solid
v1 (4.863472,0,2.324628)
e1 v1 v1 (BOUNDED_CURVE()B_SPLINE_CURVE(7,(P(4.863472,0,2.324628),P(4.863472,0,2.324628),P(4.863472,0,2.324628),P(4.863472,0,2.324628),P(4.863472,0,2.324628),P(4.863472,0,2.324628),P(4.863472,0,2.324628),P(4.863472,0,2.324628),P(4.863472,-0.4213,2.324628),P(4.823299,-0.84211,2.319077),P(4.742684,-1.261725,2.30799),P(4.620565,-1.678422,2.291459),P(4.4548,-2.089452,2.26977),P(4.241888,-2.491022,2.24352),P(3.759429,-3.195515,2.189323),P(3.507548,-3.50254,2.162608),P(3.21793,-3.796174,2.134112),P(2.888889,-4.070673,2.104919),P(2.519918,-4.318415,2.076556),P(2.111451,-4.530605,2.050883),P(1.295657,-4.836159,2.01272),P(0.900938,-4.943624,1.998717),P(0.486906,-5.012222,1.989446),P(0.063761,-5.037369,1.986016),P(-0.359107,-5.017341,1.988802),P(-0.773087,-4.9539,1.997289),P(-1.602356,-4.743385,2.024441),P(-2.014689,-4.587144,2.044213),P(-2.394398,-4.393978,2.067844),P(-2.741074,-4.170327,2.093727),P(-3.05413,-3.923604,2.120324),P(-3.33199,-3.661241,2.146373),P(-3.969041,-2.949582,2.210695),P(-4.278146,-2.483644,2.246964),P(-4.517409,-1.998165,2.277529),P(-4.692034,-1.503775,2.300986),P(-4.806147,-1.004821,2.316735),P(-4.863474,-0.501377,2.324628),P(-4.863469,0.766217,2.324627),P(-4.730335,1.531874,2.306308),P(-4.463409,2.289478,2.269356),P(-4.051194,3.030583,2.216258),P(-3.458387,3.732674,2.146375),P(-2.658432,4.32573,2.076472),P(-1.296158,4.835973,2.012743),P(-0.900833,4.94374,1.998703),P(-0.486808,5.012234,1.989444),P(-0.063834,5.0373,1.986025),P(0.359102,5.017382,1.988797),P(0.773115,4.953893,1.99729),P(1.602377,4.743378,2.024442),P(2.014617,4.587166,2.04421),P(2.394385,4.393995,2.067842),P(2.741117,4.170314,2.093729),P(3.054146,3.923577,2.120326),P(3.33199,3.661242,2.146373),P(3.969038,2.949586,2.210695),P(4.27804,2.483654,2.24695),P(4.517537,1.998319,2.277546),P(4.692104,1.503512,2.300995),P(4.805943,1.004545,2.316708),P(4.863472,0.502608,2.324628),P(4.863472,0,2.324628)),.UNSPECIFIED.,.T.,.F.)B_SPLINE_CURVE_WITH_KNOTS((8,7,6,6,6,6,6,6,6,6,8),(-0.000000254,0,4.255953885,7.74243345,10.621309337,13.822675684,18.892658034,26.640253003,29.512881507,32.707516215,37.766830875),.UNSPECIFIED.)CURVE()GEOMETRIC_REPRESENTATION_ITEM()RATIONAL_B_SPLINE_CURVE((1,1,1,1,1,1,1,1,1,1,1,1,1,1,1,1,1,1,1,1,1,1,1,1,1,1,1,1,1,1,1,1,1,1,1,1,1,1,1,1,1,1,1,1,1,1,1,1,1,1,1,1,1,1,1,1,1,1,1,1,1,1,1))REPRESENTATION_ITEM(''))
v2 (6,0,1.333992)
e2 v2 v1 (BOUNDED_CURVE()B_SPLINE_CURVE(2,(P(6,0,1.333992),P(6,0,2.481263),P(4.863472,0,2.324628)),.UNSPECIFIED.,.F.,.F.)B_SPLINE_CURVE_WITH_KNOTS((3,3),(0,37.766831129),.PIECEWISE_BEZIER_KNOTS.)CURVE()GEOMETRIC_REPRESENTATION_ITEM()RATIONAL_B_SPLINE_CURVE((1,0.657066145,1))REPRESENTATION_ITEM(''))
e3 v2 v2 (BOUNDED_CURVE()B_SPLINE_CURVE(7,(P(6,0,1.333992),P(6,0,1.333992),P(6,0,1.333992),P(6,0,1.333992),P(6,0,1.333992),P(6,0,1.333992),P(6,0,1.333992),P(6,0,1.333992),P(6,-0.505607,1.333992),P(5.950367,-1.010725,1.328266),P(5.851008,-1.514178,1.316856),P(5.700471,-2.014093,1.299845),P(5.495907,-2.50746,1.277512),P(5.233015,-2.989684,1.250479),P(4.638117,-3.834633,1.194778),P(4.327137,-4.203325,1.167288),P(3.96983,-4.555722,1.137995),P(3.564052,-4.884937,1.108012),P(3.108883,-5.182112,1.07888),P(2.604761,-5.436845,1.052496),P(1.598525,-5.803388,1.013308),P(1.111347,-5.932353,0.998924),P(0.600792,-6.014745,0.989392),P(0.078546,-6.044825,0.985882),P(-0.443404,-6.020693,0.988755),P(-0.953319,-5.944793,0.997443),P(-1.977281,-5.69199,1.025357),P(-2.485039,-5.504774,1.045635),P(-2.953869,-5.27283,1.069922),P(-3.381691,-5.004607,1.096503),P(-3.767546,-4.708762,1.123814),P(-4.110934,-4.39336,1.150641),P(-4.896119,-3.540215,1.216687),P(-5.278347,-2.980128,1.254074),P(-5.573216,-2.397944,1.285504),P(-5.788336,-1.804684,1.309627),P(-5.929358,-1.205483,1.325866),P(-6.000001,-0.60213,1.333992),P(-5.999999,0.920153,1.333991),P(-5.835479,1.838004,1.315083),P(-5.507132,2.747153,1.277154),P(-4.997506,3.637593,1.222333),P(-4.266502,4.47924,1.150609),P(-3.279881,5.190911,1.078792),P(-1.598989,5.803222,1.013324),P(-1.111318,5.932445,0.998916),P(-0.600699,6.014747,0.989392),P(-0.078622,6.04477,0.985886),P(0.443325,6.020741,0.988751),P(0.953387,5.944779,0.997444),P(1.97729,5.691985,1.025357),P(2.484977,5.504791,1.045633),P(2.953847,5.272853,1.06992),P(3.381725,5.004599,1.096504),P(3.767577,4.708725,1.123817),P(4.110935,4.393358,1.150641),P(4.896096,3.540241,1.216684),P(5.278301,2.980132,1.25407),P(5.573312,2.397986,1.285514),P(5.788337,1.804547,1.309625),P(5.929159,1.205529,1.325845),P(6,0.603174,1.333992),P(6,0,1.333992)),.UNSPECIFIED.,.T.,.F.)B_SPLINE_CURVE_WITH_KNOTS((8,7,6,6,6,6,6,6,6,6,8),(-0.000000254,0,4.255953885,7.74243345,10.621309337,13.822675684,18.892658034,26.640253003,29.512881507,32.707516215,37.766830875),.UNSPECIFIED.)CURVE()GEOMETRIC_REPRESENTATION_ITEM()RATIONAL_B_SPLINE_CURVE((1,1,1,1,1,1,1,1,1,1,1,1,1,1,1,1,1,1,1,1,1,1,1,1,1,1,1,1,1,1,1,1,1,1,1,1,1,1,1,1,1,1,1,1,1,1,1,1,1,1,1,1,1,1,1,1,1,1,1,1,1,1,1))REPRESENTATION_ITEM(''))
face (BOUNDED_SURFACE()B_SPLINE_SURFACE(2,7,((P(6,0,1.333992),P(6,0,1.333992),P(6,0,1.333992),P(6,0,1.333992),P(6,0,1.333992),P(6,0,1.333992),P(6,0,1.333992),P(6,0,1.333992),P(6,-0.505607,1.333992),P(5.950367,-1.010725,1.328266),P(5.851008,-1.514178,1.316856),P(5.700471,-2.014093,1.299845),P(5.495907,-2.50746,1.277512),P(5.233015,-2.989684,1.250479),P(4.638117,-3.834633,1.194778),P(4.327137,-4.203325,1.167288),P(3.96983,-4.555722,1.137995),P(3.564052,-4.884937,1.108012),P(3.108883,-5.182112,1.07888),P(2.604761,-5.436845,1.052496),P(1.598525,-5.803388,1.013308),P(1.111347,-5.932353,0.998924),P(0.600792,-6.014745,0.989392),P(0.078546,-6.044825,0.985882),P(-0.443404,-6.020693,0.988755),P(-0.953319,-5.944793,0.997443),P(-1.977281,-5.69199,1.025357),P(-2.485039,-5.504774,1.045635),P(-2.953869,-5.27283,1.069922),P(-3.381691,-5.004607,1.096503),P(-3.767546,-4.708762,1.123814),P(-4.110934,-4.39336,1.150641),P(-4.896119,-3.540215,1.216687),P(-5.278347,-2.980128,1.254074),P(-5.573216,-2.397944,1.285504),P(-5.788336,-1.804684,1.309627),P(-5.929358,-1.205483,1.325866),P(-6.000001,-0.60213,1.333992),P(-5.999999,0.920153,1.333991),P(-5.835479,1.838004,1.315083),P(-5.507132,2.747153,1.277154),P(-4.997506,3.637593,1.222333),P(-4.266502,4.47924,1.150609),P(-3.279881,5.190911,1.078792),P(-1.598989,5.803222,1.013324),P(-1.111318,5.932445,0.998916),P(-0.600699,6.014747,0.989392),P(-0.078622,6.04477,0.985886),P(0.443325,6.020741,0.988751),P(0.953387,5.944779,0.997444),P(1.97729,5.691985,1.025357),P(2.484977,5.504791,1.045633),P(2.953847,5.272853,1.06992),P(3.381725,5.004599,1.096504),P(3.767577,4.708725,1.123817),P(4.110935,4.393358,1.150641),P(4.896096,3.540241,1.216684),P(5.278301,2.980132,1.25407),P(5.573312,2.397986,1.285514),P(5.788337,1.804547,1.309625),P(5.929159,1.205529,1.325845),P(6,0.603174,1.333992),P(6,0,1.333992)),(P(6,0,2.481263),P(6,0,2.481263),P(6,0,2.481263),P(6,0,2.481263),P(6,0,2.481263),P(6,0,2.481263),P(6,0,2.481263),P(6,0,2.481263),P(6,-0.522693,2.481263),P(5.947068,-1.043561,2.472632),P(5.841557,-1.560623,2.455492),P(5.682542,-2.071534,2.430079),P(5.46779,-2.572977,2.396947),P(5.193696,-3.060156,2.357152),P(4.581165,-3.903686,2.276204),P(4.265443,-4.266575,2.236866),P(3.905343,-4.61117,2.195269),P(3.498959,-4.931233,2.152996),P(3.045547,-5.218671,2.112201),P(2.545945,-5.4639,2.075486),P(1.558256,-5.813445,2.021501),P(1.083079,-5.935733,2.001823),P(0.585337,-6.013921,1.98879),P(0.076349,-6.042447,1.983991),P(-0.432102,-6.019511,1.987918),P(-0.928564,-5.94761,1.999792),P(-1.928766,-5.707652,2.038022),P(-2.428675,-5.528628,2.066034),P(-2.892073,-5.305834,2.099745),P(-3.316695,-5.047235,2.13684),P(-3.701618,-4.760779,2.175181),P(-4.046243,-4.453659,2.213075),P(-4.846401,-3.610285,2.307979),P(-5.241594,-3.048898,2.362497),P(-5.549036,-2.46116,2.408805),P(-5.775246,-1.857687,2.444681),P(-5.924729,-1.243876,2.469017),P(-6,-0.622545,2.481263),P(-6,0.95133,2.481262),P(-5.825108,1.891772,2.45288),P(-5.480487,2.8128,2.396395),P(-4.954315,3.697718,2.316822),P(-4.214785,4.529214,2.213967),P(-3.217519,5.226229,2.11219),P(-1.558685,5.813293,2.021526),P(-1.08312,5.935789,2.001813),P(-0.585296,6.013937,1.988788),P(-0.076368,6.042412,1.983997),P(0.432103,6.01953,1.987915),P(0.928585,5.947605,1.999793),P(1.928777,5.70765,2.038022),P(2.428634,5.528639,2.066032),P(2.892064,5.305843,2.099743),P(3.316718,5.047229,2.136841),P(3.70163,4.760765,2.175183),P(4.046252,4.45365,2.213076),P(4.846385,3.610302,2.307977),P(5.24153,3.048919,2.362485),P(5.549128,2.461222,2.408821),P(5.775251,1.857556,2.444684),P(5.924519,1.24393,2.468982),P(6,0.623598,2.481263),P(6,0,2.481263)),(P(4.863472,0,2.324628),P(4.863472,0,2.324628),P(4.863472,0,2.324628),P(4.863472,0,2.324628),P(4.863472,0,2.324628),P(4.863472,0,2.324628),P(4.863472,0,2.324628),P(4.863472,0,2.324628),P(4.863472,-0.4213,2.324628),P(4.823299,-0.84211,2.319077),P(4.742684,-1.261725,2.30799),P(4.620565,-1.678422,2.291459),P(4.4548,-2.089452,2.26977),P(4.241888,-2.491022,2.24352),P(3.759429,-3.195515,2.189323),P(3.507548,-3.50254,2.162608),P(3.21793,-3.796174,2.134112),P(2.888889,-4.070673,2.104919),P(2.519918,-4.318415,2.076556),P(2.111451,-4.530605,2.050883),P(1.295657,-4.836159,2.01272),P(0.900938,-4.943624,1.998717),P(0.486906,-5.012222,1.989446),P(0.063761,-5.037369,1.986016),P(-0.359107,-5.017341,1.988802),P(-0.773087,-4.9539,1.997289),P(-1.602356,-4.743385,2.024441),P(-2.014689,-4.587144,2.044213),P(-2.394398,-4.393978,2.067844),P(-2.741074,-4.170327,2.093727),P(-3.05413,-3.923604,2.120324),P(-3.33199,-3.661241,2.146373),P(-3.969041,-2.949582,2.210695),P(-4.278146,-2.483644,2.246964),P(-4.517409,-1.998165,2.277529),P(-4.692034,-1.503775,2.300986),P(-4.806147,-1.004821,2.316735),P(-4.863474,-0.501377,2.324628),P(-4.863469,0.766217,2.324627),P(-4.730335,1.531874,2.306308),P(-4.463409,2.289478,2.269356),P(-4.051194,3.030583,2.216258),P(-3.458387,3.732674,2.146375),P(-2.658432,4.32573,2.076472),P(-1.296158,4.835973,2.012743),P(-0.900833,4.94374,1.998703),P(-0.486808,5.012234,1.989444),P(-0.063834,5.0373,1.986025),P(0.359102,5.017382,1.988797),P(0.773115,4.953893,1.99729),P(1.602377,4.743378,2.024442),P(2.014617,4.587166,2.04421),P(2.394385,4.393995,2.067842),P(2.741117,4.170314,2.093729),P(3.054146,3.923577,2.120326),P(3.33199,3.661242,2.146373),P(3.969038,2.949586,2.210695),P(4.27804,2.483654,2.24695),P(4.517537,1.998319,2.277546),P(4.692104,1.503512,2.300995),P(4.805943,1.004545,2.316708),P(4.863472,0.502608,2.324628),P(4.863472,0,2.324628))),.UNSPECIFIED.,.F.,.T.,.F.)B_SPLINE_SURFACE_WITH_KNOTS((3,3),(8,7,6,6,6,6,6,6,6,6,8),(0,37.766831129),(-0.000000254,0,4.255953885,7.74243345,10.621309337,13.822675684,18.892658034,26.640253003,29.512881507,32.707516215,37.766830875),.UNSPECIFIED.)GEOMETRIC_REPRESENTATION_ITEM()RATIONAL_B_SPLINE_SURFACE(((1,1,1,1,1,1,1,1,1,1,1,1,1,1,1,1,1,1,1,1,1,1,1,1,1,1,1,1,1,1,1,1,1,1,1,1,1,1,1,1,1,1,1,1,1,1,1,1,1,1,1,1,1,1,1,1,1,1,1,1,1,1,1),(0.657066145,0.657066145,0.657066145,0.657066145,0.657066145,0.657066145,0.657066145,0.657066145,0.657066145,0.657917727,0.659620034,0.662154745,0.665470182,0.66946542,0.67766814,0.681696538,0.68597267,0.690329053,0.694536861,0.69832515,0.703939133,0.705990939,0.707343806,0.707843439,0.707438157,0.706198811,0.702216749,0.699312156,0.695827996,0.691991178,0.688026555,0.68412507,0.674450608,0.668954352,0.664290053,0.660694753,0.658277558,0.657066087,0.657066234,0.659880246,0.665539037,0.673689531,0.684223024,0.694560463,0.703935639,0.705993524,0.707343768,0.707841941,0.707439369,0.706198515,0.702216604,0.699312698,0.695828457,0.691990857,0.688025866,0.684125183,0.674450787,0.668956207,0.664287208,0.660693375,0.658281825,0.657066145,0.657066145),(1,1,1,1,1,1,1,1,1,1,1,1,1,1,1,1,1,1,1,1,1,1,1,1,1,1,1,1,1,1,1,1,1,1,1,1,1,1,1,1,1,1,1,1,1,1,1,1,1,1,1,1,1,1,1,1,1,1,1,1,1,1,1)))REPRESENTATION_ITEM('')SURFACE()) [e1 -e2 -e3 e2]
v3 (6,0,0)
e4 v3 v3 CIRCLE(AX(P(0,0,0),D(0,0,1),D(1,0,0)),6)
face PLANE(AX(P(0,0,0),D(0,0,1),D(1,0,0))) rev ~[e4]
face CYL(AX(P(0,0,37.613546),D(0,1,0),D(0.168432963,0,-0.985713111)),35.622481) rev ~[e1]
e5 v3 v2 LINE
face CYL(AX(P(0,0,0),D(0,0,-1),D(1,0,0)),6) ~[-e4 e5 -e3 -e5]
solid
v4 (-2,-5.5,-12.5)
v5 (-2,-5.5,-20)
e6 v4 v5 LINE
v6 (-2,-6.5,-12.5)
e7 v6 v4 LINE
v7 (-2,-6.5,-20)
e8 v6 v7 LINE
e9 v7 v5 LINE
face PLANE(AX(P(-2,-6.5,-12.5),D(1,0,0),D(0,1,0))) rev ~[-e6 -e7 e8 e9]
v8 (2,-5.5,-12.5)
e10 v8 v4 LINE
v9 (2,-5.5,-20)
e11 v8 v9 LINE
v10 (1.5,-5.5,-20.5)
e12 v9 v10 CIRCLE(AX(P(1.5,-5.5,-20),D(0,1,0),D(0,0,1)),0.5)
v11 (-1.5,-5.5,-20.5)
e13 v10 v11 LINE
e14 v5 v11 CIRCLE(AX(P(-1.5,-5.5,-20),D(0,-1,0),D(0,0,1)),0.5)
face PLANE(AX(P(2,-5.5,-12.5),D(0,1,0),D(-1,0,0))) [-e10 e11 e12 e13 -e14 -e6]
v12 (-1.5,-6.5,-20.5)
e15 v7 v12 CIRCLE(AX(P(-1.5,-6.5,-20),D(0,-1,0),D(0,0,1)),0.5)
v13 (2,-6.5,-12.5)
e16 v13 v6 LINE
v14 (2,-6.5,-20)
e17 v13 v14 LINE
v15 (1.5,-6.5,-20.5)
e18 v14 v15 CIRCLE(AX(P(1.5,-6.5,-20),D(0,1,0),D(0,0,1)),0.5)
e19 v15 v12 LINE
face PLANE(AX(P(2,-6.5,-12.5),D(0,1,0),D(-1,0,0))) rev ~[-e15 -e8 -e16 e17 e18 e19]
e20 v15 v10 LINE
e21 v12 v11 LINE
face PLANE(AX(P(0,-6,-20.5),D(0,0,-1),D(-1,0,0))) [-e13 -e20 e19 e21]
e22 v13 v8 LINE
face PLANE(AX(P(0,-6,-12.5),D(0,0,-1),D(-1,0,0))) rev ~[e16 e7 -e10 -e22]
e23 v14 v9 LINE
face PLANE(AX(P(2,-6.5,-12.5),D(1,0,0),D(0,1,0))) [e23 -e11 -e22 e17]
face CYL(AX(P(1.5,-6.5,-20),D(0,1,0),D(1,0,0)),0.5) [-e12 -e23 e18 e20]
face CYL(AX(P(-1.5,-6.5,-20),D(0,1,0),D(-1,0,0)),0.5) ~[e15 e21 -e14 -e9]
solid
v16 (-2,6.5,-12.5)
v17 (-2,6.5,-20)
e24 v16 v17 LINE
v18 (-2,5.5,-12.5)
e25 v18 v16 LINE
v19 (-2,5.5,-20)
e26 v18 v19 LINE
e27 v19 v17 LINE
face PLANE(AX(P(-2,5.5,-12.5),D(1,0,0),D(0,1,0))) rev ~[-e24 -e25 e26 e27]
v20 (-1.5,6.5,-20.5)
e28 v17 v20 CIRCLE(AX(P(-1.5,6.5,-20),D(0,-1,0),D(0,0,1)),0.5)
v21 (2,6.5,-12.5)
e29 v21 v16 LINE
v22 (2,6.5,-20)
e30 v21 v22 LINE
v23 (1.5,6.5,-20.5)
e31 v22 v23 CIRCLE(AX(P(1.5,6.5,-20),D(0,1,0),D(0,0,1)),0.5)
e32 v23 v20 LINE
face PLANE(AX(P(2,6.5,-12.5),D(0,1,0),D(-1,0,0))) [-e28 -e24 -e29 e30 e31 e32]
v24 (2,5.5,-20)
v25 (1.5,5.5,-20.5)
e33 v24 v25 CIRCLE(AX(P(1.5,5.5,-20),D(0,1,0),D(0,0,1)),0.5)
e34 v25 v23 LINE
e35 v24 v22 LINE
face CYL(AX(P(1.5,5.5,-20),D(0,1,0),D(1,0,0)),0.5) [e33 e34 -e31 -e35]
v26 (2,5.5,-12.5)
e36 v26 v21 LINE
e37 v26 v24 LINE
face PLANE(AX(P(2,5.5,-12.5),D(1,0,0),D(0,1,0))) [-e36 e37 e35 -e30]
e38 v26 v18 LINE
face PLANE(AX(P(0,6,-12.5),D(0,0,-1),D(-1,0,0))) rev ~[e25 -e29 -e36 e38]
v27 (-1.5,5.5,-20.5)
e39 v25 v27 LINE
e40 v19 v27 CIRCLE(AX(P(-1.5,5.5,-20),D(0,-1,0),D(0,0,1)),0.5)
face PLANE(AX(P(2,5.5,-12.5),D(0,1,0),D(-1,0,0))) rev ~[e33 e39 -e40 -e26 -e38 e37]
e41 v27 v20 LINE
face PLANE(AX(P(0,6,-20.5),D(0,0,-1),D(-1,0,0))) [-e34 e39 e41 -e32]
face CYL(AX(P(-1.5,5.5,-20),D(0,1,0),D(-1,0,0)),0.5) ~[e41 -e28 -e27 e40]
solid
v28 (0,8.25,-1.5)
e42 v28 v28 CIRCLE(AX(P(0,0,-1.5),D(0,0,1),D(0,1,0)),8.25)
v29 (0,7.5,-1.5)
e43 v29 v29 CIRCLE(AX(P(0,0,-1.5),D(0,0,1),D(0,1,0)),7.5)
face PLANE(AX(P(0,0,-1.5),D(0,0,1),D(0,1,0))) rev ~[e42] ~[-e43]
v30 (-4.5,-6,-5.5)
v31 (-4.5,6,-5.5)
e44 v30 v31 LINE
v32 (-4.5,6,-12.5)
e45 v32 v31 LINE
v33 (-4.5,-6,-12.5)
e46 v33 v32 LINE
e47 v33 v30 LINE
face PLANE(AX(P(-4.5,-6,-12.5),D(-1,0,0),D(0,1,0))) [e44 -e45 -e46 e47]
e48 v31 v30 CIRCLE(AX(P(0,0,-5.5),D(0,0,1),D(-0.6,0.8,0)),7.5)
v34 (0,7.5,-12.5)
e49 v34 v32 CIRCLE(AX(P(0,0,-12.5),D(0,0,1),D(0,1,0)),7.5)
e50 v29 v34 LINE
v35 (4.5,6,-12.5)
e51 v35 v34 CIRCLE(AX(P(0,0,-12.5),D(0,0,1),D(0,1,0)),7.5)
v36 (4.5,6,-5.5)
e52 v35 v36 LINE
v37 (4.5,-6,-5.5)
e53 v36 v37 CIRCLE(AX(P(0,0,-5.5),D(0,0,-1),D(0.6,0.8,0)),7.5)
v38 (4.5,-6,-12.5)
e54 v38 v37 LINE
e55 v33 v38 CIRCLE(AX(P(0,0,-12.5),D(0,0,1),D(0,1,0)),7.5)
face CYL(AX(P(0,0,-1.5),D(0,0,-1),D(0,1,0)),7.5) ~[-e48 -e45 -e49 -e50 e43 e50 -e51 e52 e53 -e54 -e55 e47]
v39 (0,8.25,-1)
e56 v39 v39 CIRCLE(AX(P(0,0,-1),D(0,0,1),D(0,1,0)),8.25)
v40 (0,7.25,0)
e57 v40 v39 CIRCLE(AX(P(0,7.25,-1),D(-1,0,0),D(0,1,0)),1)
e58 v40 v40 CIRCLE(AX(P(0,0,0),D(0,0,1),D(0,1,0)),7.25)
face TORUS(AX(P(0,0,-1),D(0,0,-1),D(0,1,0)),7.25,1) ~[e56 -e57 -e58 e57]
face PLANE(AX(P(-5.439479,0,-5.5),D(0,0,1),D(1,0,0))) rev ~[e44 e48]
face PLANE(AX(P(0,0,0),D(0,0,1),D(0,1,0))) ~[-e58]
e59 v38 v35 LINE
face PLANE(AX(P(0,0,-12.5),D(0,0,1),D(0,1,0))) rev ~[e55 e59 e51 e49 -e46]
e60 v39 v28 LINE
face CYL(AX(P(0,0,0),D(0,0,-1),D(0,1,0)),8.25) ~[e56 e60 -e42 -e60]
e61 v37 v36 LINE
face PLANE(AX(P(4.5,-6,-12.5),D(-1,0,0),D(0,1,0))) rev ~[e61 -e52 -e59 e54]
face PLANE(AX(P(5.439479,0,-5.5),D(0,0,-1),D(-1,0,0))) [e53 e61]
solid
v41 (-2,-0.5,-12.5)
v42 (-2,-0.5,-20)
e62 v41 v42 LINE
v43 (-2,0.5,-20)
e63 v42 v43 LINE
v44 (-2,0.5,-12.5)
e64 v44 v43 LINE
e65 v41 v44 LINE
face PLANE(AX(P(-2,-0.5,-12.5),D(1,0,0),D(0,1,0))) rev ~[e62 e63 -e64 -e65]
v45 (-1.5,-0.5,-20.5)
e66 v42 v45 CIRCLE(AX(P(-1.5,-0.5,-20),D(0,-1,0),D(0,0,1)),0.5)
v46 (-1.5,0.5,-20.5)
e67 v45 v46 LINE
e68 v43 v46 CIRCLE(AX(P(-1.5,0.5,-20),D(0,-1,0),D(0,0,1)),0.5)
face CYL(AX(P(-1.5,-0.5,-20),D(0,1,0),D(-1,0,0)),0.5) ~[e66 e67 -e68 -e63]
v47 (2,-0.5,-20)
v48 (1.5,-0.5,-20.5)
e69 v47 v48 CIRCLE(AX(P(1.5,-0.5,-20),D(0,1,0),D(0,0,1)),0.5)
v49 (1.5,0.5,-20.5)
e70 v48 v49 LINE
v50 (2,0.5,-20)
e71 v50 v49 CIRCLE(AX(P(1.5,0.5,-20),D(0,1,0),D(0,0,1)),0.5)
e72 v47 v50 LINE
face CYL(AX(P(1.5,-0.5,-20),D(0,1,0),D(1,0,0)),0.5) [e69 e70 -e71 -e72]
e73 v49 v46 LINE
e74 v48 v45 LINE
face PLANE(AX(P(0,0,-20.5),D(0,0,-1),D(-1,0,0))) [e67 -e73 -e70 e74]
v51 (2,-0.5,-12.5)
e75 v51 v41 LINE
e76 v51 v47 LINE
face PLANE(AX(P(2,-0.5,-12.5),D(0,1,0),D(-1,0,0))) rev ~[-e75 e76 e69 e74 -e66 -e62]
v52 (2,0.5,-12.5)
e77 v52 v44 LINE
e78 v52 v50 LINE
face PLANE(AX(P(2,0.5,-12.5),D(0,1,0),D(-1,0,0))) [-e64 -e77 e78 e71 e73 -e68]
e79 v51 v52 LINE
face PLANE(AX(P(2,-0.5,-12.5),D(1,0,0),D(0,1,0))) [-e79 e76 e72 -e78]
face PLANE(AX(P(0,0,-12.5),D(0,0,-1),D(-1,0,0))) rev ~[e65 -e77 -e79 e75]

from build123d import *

# Parameters (mm, degrees)
CUT_EXTRUDE_1_DEPTH = 7
SKETCH_3_R          = 6
EXTRUDE_1_DEPTH     = 2.5
CUT_EXTRUDE_2_DEPTH = 7.5
FILLET_1_R          = 1
FILLET_2_R          = 1
SKETCH_5_W          = 4
SKETCH_5_H          = 1
EXTRUDE_2_DEPTH     = 8
EXTRUDE_2_2_DEPTH   = 8
EXTRUDE_2_3_DEPTH   = 8
FILLET_3_R          = 0.5
FILLET_4_R          = 0.5
FILLET_5_R          = 0.5


with BuildPart() as part:
    # Эскиз1 → Повернуть1 (revolve)
    with BuildSketch(Plane(origin=(0, 0, 0), x_dir=(0, 0, -1), z_dir=(1, 0, 0))):
        Polygon((0, 0), (0, 8.25), (1.5, 8.25), (1.5, 7.5), (12.5, 7.5), (12.5, 0), align=None)
    revolve(axis=Axis((0, 0, -12.5), (0, 0, 1)))

    # Эскиз2 → Вырез-Вытянуть1 (cut)
    with BuildSketch(Plane(origin=(0, 0, -12.5), x_dir=(-1, 0, 0), z_dir=(0, 0, -1))):
        with BuildLine():
            Line((-4.5, -6), (-4.5, 6))
            ThreePointArc((-4.5, 6), (-7.5, 0), (-4.5, -6))
        make_face()
        with BuildLine():
            Line((4.5, -6), (4.5, 6))
            ThreePointArc((4.5, 6), (7.5, 0), (4.5, -6))
        make_face()
    extrude(amount=-CUT_EXTRUDE_1_DEPTH, mode=Mode.SUBTRACT)

    # Скругление2
    fillet_2_edges = [part.edges().sort_by_distance(p)[0] for p in [
        (0, -8.25, 0),
    ]]
    fillet(fillet_2_edges, radius=FILLET_2_R)


with BuildPart() as body_2:
    # Эскиз3 → Бобышка-Вытянуть1 (new body)
    with BuildSketch(Plane.XY):
        Circle(SKETCH_3_R)
    extrude(amount=EXTRUDE_1_DEPTH)

    # Эскиз4 → Вырез-Вытянуть2 (cut, symmetric)
    with BuildSketch(Plane(origin=(0, 0, 0), x_dir=(1, 0, 0), z_dir=(0, 1, 0))):
        with BuildLine():
            Line((-6, -2.5), (6, -2.5))
            ThreePointArc((6, -2.5), (0, -1.991065566), (-6, -2.5))
        make_face()
    extrude(amount=CUT_EXTRUDE_2_DEPTH, both=True, mode=Mode.SUBTRACT)

    # Скругление1
    fillet_1_edges = [body_2.edges().sort_by_distance(p)[0] for p in [
        (-6, 5.7e-07, 2.5),
    ]]
    fillet(fillet_1_edges, radius=FILLET_1_R)


with BuildPart() as body_3:
    # Эскиз5 → Бобышка-Вытянуть2 (new body)
    with BuildSketch(Plane(origin=(0, 0, -12.5), x_dir=(-1, 0, 0), z_dir=(0, 0, -1))):
        with Locations((0, 6)):
            Rectangle(SKETCH_5_W, SKETCH_5_H)
    extrude(amount=EXTRUDE_2_DEPTH)

    # Скругление5
    fillet_5_edges = [body_3.edges().sort_by_distance(p)[0] for p in [
        (-2, 6, -20.5),
        (2, 6, -20.5),
    ]]
    fillet(fillet_5_edges, radius=FILLET_5_R)


with BuildPart() as body_4:
    # Эскиз5 → Extrude 2 2 (new body)
    with BuildSketch(Plane(origin=(0, 0, -12.5), x_dir=(-1, 0, 0), z_dir=(0, 0, -1))):
        Rectangle(SKETCH_5_W, SKETCH_5_H)
    extrude(amount=EXTRUDE_2_2_DEPTH)

    # Скругление4
    fillet_4_edges = [body_4.edges().sort_by_distance(p)[0] for p in [
        (-2, 0, -20.5),
        (2, 0, -20.5),
    ]]
    fillet(fillet_4_edges, radius=FILLET_4_R)


with BuildPart() as body_5:
    # Эскиз5 → Extrude 2 3 (new body)
    with BuildSketch(Plane(origin=(0, 0, -12.5), x_dir=(-1, 0, 0), z_dir=(0, 0, -1))):
        with Locations((0, -6)):
            Rectangle(SKETCH_5_W, SKETCH_5_H)
    extrude(amount=EXTRUDE_2_3_DEPTH)

    # Скругление3
    fillet_3_edges = [body_5.edges().sort_by_distance(p)[0] for p in [
        (-2, -6, -20.5),
        (2, -6, -20.5),
    ]]
    fillet(fillet_3_edges, radius=FILLET_3_R)


solid = Compound([part.part, body_2.part, body_3.part, body_4.part, body_5.part])
